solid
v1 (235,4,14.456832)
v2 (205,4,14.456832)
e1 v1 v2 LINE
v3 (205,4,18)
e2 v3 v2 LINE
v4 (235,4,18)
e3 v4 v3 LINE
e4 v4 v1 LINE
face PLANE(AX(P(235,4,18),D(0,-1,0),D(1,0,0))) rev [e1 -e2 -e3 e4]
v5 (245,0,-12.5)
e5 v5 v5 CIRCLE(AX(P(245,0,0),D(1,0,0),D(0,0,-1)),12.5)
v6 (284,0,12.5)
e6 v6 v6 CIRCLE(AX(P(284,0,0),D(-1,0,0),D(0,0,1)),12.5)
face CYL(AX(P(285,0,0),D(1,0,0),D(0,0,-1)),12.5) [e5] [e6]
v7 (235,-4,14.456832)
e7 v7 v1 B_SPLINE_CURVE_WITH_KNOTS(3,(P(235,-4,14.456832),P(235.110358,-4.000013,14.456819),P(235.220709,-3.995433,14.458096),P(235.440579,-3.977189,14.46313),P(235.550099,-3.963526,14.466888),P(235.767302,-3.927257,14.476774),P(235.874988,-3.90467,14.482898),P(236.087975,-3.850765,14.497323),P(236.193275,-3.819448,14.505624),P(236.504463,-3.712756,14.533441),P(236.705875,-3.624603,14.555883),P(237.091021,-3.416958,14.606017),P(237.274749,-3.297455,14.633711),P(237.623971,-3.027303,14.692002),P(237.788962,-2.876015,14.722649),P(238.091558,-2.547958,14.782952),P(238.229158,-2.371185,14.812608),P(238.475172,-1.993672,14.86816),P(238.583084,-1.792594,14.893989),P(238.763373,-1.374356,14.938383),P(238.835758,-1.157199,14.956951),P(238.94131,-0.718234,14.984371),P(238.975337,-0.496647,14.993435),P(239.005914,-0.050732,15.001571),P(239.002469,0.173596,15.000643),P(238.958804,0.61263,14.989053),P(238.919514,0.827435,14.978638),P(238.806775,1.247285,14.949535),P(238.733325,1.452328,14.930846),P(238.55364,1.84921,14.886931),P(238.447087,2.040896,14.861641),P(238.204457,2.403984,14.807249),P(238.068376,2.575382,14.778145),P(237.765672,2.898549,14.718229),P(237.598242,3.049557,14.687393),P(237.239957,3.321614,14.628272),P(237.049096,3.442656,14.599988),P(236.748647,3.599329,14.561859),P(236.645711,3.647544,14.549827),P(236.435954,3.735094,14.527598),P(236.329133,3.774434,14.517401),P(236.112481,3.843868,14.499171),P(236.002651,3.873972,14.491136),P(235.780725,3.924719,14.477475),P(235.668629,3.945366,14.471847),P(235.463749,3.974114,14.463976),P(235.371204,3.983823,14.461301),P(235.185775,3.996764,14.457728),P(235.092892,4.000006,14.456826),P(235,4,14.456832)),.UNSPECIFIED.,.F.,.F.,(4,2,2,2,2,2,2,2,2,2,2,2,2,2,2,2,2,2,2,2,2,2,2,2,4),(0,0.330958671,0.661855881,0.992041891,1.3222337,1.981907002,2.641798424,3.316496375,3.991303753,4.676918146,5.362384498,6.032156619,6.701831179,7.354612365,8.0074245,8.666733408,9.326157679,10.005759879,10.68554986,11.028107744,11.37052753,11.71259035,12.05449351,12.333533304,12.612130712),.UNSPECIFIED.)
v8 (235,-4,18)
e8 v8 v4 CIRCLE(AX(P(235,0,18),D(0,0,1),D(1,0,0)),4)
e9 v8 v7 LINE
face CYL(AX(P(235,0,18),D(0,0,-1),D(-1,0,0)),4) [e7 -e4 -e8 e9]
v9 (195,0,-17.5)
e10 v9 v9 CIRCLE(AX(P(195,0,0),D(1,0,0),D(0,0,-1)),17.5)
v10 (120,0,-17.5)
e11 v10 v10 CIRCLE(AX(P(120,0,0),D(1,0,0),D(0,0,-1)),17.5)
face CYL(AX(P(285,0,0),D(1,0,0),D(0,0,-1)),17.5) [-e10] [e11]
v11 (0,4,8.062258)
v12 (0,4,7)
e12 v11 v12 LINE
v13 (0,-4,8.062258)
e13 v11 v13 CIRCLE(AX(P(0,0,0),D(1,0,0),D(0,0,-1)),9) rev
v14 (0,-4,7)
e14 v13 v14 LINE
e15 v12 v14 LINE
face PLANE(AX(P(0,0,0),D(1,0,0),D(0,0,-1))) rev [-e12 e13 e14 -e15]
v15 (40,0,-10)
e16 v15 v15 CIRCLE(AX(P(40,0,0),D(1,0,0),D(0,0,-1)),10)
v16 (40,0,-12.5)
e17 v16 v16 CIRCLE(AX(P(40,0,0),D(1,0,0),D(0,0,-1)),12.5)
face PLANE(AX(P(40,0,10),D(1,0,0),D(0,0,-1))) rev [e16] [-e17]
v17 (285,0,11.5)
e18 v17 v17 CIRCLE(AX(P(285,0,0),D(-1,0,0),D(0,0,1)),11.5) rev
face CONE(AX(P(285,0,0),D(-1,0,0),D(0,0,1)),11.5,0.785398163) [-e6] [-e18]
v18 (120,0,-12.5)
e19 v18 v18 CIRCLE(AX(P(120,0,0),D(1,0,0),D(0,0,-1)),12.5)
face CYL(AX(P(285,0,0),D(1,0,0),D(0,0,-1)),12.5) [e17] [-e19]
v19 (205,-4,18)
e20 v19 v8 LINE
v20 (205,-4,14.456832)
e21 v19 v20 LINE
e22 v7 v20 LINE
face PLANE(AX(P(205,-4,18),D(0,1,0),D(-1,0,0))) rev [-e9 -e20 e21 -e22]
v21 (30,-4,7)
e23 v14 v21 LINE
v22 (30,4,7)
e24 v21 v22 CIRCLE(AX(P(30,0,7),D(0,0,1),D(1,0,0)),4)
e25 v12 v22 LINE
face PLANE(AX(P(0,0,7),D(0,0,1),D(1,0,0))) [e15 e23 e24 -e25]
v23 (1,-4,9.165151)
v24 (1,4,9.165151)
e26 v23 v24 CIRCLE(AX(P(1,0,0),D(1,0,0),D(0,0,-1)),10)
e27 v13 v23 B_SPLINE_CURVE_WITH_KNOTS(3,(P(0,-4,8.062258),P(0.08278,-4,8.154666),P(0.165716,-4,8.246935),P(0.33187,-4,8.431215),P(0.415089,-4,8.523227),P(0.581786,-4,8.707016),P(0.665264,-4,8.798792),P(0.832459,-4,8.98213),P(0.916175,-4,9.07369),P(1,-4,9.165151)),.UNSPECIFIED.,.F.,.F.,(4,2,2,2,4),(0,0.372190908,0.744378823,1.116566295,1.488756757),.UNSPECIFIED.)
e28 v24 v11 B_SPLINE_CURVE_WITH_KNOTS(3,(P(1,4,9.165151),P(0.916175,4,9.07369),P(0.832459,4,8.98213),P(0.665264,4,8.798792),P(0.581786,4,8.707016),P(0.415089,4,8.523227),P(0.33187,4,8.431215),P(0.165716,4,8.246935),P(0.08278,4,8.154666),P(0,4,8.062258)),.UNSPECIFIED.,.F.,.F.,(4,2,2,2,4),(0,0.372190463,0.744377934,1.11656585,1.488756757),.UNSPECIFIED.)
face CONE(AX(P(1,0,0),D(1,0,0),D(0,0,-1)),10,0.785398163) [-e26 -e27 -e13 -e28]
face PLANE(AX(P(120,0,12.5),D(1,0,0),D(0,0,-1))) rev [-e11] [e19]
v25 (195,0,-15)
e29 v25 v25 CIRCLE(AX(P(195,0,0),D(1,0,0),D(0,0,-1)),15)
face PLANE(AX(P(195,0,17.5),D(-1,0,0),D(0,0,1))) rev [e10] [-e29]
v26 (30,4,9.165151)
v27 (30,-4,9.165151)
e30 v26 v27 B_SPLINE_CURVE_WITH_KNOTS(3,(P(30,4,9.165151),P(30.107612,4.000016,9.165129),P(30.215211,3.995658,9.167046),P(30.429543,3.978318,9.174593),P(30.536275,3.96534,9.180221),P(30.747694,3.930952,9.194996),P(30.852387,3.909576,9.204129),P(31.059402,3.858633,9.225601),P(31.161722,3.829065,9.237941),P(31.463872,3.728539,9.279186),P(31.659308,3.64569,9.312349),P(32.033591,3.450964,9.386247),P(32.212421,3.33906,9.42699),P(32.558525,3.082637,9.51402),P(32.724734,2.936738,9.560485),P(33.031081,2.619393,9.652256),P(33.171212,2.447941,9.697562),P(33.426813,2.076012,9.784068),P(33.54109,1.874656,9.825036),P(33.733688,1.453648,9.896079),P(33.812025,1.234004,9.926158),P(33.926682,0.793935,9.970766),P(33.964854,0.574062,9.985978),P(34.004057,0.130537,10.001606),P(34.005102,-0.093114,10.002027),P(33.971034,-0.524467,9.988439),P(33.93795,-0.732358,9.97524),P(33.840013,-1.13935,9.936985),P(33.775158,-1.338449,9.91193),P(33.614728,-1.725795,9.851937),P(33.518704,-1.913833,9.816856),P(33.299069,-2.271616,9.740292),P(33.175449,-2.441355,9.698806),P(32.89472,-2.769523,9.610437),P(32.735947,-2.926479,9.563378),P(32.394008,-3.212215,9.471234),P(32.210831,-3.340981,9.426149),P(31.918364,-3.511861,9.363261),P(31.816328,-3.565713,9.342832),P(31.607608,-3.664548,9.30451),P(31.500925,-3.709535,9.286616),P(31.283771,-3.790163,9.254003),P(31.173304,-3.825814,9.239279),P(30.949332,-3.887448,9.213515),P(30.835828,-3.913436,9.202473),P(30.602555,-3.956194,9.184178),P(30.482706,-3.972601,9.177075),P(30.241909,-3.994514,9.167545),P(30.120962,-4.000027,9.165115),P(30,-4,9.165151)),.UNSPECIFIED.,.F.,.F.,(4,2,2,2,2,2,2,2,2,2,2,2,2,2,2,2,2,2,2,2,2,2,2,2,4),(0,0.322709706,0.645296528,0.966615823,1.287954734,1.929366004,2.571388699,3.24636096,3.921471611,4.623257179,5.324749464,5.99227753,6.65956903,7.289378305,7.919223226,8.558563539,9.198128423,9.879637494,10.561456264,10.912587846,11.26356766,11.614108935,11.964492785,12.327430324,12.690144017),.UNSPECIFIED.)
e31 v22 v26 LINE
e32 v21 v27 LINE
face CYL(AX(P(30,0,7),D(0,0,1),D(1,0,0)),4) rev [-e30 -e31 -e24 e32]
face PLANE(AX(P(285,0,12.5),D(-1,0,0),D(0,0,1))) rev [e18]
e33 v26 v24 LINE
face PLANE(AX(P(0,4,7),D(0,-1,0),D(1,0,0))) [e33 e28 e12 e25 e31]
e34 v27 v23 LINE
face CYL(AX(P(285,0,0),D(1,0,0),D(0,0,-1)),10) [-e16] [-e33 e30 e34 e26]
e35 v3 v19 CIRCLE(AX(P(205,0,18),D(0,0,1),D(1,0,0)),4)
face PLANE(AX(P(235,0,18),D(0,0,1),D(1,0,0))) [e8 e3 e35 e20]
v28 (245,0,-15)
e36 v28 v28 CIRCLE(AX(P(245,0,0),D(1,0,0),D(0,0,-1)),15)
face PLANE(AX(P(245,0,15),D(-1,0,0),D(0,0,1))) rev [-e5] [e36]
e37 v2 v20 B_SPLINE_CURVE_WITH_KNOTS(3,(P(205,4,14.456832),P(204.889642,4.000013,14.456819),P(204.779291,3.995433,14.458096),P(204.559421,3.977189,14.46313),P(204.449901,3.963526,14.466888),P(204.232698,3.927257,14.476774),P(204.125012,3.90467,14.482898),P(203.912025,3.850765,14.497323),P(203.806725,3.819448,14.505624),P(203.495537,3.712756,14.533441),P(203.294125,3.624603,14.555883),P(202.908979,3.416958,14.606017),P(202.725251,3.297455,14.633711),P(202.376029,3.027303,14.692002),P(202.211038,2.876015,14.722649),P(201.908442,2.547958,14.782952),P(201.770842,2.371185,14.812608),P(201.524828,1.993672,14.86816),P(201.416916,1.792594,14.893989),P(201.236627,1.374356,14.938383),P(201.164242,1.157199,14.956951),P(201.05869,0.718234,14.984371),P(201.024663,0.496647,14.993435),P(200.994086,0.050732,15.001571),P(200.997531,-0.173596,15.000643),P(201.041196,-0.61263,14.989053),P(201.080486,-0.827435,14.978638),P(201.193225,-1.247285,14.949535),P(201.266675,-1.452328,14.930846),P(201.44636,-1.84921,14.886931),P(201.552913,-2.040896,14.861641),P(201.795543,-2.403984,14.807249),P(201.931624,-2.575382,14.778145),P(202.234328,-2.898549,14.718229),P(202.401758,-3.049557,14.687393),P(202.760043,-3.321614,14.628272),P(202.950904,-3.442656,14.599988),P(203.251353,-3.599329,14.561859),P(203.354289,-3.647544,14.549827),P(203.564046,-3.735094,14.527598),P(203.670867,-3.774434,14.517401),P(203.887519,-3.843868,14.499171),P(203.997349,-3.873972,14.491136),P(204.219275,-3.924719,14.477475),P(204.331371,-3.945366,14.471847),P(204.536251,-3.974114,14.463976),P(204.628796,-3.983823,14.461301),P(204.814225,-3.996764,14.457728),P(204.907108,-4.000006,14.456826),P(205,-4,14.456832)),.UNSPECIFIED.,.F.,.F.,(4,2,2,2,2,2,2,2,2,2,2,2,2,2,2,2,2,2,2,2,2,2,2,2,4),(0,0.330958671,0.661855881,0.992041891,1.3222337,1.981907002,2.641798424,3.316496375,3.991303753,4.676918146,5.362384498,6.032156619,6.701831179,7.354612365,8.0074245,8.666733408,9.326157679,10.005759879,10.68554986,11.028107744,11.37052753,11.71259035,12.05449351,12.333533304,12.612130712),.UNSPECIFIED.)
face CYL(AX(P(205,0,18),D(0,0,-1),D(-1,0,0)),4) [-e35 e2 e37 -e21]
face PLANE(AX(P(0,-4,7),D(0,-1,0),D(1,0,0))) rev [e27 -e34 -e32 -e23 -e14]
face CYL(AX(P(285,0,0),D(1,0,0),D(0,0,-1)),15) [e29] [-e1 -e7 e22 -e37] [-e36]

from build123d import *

# Parameters (mm, degrees)
SKETCH2_W           = 30
SKETCH2_H           = 8
CUT_EXTRUDE2_DEPTH  = 3
SKETCH3_W           = 42.75
SKETCH3_H           = 8
CUT_EXTRUDE3_DEPTH  = 3
CHAMFER1_SIZE       = 1
BOSS_EXTRUDE1_DEPTH = 6


with BuildPart() as part:
    # Sketch1 → Revolve1 (revolve)
    with BuildSketch(Plane(origin=(0, 0, 0), x_dir=(1, 0, 0), z_dir=(0, 1, 0))):
        Polygon((0, 0), (0, -10), (40, -10), (40, -12.5), (120, -12.5), (120, -17.5), (195, -17.5), (195, -15), (245, -15), (245, -12.5), (285, -12.5), (285, 0), align=None)
    revolve(axis=Axis((285, 0, 0), (-1, 0, 0)))

    # Sketch2 → Cut-Extrude2 (cut)
    with BuildSketch(Plane(origin=(0, 0, 15), x_dir=(-1, 0, 0), z_dir=(0, 0, -1))):
        with Locations((-220, 0)):
            Rectangle(SKETCH2_W, SKETCH2_H)
        with BuildLine():
            Line((-235, -4), (-235, 4))
            ThreePointArc((-235, 4), (-239, 0), (-235, -4))
        make_face()
        with BuildLine():
            Line((-205, -4), (-205, 4))
            ThreePointArc((-205, 4), (-201, 0), (-205, -4))
        make_face()
    extrude(amount=CUT_EXTRUDE2_DEPTH, mode=Mode.SUBTRACT)

    # Sketch3 → Cut-Extrude3 (cut)
    with BuildSketch(Plane.XY.offset(10)):
        with Locations((8.625, 0)):
            Rectangle(SKETCH3_W, SKETCH3_H)
        with BuildLine():
            Line((30, -4), (30, 4))
            ThreePointArc((30, 4), (34, 0), (30, -4))
        make_face()
    extrude(amount=-CUT_EXTRUDE3_DEPTH, mode=Mode.SUBTRACT)

    # Chamfer1
    chamfer1_edges = [part.edges().sort_by_distance(p)[0] for p in [
        (0, 0, -10),
        (285, 0, -12.5),
    ]]
    chamfer(chamfer1_edges, length=CHAMFER1_SIZE)

    # Sketch9 → Boss-Extrude1 (add)
    with BuildSketch(Plane.XY.offset(12)):
        with BuildLine():
            Line((235, 4), (205, 4))
            ThreePointArc((205, 4), (201, 0), (205, -4))
            Line((205, -4), (235, -4))
            ThreePointArc((235, -4), (239, 0), (235, 4))
        make_face()
    extrude(amount=BOSS_EXTRUDE1_DEPTH)


solid = part.part
